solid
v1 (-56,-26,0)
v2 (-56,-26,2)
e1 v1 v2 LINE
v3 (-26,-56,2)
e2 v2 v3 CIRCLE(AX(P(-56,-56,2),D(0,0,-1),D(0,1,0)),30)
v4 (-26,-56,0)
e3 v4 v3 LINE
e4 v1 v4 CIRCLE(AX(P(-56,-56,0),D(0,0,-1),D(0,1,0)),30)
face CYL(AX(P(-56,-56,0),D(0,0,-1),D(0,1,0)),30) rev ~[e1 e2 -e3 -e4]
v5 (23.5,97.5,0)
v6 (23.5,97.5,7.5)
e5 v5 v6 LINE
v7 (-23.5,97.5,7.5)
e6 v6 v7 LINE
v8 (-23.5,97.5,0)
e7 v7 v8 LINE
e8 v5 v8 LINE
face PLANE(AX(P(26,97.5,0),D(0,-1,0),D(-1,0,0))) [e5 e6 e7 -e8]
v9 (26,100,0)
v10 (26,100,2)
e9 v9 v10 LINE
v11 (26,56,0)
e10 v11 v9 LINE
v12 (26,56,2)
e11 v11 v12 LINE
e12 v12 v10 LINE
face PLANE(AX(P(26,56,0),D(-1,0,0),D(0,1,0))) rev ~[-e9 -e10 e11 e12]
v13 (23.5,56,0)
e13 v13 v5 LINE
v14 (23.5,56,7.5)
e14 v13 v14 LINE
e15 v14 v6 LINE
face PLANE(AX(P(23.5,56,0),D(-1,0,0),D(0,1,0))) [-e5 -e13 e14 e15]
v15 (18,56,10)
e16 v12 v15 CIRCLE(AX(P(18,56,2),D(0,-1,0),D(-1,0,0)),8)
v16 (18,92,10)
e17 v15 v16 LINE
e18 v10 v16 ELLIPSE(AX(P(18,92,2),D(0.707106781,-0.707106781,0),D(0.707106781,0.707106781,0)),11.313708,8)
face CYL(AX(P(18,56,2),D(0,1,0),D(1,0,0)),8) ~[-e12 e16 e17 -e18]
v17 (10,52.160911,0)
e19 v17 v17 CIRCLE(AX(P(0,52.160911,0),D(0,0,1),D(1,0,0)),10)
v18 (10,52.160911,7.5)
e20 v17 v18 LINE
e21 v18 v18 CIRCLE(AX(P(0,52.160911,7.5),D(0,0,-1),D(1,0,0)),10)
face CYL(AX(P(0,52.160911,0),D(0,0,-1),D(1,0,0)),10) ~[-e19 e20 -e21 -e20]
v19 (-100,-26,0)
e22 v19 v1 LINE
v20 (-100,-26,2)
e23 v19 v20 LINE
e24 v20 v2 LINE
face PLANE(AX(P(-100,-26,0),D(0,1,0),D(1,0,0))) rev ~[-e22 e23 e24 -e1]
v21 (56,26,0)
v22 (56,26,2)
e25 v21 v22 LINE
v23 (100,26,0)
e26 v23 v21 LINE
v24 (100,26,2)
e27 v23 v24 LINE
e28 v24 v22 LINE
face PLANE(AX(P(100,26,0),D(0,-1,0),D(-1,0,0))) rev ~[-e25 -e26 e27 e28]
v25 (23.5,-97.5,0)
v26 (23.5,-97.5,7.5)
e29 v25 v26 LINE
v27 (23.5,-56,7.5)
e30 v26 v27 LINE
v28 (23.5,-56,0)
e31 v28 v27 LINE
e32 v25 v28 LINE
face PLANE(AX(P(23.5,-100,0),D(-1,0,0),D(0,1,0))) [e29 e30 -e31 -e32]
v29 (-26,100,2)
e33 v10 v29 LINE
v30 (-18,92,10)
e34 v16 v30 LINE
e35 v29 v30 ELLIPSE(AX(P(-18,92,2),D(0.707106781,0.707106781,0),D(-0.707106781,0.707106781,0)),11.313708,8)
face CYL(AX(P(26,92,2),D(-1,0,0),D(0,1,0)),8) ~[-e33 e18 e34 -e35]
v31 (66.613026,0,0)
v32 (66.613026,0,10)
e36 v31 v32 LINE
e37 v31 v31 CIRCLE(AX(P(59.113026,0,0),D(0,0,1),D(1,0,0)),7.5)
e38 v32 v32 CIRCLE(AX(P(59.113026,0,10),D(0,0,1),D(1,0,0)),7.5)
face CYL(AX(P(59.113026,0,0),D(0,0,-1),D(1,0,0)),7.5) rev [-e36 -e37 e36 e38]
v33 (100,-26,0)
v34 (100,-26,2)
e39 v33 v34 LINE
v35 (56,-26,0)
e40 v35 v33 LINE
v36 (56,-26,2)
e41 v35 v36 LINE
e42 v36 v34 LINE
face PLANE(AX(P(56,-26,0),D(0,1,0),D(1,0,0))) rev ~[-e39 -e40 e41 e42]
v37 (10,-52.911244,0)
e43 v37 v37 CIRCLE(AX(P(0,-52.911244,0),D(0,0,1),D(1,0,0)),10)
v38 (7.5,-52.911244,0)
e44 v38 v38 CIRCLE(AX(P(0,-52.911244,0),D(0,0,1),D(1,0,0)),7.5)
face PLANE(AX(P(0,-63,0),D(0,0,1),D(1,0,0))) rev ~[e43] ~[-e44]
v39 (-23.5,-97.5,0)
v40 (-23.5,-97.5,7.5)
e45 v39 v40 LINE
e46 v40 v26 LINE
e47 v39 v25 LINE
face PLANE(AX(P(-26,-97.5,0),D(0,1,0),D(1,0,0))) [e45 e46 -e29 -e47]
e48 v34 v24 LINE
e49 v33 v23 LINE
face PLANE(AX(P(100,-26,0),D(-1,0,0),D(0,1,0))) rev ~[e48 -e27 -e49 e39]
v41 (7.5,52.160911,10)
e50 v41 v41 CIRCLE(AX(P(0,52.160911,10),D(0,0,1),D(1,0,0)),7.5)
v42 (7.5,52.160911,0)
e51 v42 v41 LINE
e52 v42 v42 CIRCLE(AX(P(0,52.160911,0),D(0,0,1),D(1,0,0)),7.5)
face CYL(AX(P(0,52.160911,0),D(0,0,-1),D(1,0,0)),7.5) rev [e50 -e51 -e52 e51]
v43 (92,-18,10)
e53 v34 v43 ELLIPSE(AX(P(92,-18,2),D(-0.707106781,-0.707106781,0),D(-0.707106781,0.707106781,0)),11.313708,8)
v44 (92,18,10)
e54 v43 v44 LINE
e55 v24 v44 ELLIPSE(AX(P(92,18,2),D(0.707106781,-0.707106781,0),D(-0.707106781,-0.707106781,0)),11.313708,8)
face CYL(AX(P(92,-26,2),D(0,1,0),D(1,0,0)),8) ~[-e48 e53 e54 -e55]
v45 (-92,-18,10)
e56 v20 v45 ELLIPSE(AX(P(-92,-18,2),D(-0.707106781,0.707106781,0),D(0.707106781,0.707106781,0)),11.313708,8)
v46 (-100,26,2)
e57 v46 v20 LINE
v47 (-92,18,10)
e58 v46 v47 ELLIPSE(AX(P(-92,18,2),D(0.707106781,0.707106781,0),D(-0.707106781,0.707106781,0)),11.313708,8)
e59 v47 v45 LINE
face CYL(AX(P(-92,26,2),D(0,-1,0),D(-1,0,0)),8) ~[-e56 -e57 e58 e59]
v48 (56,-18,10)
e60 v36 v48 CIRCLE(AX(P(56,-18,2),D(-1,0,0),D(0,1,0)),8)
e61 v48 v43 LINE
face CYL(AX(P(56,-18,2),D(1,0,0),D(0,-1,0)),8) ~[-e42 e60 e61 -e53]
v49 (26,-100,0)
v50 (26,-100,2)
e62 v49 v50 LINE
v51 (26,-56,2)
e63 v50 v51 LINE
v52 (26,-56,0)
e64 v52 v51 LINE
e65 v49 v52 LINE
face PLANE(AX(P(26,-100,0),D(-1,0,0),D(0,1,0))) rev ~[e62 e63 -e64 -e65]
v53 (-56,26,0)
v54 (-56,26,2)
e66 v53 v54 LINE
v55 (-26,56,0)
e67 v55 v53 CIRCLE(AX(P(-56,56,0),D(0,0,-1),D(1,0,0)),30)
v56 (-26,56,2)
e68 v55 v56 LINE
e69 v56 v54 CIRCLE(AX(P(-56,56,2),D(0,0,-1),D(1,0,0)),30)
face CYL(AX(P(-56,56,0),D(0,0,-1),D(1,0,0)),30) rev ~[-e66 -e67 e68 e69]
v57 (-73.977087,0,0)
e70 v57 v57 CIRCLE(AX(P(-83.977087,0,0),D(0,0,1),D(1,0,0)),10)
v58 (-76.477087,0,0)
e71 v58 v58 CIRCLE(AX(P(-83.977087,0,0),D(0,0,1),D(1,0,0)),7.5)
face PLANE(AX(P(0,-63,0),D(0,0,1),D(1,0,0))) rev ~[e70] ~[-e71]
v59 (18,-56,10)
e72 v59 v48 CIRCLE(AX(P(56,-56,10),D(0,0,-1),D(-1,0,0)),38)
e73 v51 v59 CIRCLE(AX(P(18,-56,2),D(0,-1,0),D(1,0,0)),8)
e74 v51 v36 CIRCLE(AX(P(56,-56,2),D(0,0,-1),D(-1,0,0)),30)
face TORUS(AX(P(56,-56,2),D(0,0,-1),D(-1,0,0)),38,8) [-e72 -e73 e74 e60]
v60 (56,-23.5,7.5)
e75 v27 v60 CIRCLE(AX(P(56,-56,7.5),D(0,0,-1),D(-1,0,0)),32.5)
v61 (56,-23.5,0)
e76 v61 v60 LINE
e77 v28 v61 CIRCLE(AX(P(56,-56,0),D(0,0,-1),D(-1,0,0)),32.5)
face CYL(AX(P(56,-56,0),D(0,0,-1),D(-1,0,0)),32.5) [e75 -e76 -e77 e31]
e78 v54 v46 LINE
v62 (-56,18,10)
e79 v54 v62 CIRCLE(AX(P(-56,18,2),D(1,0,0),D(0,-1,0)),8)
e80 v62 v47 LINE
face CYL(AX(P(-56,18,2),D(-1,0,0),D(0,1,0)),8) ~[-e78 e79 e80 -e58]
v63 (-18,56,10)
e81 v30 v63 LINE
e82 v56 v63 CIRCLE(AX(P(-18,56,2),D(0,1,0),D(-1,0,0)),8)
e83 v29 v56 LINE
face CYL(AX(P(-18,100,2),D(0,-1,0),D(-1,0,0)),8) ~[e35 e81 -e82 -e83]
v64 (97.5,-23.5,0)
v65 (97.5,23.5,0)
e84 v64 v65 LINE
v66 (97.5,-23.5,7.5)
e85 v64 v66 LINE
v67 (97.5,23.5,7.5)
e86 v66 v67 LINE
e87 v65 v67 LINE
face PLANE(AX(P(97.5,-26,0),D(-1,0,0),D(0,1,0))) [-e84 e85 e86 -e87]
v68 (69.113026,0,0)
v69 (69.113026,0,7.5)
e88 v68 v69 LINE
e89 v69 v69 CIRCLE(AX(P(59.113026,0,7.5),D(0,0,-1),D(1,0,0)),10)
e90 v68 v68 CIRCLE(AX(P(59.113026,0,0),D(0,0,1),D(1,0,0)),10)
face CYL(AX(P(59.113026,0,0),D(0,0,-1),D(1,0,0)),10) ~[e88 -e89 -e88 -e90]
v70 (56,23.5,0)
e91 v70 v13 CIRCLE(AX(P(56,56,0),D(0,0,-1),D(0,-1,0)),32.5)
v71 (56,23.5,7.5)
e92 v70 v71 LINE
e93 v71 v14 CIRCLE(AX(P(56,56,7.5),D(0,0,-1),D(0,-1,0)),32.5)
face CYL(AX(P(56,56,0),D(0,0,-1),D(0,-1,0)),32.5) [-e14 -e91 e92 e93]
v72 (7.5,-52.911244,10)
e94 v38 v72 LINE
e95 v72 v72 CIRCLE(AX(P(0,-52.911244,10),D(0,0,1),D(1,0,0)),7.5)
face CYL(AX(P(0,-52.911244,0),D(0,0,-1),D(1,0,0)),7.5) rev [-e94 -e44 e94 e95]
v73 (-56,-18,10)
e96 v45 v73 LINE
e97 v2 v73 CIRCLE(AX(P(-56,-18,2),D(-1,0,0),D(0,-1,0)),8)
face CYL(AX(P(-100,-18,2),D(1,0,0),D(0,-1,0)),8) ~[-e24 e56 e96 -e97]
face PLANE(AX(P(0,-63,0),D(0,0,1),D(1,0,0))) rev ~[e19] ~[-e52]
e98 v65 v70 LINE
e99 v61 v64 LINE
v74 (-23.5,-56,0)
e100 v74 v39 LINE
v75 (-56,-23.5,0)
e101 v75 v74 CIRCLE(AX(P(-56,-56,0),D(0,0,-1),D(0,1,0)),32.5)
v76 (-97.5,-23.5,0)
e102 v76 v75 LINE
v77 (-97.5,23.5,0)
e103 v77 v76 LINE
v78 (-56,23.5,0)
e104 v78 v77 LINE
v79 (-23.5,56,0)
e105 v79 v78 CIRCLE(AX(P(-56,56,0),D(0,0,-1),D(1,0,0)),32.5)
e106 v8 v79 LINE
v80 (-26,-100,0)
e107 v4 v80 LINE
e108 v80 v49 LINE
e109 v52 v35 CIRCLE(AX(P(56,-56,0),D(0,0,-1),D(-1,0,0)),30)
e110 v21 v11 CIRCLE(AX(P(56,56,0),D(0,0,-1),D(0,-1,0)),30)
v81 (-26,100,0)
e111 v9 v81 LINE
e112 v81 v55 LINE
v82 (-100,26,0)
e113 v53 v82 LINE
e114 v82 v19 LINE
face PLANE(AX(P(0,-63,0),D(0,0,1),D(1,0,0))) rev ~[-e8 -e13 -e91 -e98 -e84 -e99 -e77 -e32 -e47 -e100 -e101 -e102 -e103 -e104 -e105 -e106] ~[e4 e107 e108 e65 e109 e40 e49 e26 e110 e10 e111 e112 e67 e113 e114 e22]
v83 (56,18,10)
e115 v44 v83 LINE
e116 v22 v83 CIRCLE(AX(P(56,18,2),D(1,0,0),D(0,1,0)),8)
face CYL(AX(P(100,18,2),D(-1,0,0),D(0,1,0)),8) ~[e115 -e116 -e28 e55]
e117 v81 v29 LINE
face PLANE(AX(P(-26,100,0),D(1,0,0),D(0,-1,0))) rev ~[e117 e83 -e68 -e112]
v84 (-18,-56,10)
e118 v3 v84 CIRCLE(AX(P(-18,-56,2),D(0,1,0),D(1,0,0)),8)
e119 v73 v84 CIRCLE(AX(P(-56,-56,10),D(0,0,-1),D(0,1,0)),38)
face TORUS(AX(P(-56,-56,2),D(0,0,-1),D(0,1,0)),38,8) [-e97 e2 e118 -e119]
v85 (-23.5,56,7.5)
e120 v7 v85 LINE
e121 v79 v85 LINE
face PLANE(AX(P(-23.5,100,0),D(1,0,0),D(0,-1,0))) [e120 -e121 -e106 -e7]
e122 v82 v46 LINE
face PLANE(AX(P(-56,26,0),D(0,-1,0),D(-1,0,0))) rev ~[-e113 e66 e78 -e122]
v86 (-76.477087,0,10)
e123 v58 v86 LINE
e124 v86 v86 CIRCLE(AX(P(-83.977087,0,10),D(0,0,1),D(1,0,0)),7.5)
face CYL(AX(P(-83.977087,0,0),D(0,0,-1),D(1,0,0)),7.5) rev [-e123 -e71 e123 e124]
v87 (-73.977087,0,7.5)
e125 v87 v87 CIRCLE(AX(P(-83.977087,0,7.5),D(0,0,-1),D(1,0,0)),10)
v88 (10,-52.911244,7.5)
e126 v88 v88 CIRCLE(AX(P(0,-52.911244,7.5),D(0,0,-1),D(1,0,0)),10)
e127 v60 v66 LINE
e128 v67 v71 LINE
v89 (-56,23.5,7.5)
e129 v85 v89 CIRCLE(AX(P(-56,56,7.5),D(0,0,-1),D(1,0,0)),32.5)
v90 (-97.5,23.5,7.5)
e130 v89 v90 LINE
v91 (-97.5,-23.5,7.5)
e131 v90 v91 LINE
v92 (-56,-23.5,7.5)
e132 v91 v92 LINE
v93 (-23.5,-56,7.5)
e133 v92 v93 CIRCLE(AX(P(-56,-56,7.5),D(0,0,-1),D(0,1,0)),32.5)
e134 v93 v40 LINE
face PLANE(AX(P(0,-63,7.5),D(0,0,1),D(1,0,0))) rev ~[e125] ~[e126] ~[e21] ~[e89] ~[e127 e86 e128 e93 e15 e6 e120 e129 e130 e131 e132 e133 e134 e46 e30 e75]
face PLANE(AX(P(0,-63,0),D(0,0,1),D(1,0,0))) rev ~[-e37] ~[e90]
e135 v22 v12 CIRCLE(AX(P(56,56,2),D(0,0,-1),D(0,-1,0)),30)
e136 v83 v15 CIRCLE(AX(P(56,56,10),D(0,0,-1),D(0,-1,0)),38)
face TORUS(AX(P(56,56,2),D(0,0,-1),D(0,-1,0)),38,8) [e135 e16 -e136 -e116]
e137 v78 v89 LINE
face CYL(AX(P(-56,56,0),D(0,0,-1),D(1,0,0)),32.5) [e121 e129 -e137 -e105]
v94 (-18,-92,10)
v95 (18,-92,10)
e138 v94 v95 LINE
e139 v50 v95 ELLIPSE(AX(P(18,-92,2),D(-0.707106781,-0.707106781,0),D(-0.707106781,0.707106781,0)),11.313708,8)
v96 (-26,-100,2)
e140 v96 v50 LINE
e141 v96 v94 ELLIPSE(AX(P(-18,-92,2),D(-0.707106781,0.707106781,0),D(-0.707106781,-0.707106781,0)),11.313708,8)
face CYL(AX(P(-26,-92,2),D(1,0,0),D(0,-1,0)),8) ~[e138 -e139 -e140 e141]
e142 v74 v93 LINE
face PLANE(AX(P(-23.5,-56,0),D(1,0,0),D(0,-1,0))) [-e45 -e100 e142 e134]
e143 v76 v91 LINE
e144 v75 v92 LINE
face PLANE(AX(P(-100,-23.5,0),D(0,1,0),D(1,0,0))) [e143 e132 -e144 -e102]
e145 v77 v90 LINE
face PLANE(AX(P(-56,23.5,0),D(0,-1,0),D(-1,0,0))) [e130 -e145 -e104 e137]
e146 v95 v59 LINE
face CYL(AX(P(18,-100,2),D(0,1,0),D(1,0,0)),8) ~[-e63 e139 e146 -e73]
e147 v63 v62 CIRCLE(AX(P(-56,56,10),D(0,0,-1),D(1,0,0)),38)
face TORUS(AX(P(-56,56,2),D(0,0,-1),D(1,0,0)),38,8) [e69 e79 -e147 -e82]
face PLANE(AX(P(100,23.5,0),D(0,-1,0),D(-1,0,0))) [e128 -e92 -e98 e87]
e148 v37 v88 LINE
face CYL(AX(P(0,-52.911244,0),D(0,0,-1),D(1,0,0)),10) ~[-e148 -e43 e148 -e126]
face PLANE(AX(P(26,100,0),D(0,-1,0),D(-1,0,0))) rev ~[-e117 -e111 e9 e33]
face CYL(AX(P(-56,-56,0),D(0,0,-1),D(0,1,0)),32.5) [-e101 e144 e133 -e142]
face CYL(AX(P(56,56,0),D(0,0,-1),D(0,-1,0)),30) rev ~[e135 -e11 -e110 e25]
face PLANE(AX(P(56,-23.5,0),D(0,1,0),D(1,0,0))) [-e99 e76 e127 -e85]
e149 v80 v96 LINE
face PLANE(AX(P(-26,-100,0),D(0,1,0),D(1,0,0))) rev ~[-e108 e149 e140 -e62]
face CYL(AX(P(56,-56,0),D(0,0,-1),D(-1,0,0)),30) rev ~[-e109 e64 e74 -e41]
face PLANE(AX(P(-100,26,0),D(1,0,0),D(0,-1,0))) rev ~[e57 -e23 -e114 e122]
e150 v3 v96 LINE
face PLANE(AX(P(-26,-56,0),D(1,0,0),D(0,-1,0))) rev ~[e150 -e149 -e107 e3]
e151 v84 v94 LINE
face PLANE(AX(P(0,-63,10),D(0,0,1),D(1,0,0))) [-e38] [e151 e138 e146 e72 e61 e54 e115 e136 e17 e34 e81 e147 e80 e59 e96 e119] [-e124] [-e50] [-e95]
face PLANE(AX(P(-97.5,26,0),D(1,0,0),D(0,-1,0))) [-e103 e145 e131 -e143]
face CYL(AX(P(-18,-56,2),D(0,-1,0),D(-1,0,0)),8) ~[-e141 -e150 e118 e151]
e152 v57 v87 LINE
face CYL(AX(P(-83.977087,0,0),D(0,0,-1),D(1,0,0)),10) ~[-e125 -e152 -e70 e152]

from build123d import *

# Parameters (mm, degrees)
F0_R     = 7.5
F0_W     = 52
F0_H     = 52
F1_DEPTH = 10
F2_T     = -2.5
F3_R     = 8


with BuildPart() as f1:
    # F0 (on Top) → F1 (new body)
    with BuildSketch(Plane.XY):
        Polygon((-26, -100), (26, -100), (26, -56), (26, -26), (-26, -26), (-26, -56), align=None)
        with Locations((0, -52.9112443328)):
            Circle(F0_R, mode=Mode.SUBTRACT)
        with BuildLine():
            Line((26, -26), (26, -56))
            ThreePointArc((26, -56), (34.7867965644, -34.7867965644), (56, -26))
            Line((56, -26), (26, -26))
        make_face()
        with BuildLine():
            ThreePointArc((-56, -26), (-34.7867965644, -34.7867965644), (-26, -56))
            Line((-26, -56), (-26, -26))
            Line((-26, -26), (-56, -26))
        make_face()
        Polygon((26, 26), (26, -26), (56, -26), (100, -26), (100, 26), (56, 26), align=None)
        with Locations((59.1130256653, 0)):
            Circle(F0_R, mode=Mode.SUBTRACT)
        Polygon((-56, -26), (-26, -26), (-26, 26), (-56, 26), (-100, 26), (-100, -26), align=None)
        with Locations((-83.977087408, 0)):
            Circle(F0_R, mode=Mode.SUBTRACT)
        Polygon((-26, 26), (26, 26), (26, 56), (26, 100), (-26, 100), (-26, 56), align=None)
        with Locations((0, 52.160911262)):
            Circle(F0_R, mode=Mode.SUBTRACT)
        with BuildLine():
            Line((26, 56), (26, 26))
            Line((26, 26), (56, 26))
            ThreePointArc((56, 26), (34.7867965644, 34.7867965644), (26, 56))
        make_face()
        with BuildLine():
            Line((-56, 26), (-26, 26))
            Line((-26, 26), (-26, 56))
            ThreePointArc((-26, 56), (-34.7867965644, 34.7867965644), (-56, 26))
        make_face()
        Rectangle(F0_W, F0_H)
    extrude(amount=F1_DEPTH)

    # F2
    f2_openings = [f1.faces().sort_by_distance(p)[0] for p in [
        (0.241929, 0.007301, 0),
    ]]
    offset(amount=F2_T, openings=f2_openings)

    # F3
    f3_edges = [f1.edges().sort_by_distance(p)[0] for p in [
        (34.786797, 34.786797, 10),
        (100, 0, 10),
        (78, -26, 10),
        (34.786797, -34.786797, 10),
        (0, 100, 10),
        (-26, 78, 10),
        (-34.786797, -34.786797, 10),
        (-100, 0, 10),
        (0, -100, 10),
    ]]
    fillet(f3_edges, radius=F3_R)


solid = f1.part
